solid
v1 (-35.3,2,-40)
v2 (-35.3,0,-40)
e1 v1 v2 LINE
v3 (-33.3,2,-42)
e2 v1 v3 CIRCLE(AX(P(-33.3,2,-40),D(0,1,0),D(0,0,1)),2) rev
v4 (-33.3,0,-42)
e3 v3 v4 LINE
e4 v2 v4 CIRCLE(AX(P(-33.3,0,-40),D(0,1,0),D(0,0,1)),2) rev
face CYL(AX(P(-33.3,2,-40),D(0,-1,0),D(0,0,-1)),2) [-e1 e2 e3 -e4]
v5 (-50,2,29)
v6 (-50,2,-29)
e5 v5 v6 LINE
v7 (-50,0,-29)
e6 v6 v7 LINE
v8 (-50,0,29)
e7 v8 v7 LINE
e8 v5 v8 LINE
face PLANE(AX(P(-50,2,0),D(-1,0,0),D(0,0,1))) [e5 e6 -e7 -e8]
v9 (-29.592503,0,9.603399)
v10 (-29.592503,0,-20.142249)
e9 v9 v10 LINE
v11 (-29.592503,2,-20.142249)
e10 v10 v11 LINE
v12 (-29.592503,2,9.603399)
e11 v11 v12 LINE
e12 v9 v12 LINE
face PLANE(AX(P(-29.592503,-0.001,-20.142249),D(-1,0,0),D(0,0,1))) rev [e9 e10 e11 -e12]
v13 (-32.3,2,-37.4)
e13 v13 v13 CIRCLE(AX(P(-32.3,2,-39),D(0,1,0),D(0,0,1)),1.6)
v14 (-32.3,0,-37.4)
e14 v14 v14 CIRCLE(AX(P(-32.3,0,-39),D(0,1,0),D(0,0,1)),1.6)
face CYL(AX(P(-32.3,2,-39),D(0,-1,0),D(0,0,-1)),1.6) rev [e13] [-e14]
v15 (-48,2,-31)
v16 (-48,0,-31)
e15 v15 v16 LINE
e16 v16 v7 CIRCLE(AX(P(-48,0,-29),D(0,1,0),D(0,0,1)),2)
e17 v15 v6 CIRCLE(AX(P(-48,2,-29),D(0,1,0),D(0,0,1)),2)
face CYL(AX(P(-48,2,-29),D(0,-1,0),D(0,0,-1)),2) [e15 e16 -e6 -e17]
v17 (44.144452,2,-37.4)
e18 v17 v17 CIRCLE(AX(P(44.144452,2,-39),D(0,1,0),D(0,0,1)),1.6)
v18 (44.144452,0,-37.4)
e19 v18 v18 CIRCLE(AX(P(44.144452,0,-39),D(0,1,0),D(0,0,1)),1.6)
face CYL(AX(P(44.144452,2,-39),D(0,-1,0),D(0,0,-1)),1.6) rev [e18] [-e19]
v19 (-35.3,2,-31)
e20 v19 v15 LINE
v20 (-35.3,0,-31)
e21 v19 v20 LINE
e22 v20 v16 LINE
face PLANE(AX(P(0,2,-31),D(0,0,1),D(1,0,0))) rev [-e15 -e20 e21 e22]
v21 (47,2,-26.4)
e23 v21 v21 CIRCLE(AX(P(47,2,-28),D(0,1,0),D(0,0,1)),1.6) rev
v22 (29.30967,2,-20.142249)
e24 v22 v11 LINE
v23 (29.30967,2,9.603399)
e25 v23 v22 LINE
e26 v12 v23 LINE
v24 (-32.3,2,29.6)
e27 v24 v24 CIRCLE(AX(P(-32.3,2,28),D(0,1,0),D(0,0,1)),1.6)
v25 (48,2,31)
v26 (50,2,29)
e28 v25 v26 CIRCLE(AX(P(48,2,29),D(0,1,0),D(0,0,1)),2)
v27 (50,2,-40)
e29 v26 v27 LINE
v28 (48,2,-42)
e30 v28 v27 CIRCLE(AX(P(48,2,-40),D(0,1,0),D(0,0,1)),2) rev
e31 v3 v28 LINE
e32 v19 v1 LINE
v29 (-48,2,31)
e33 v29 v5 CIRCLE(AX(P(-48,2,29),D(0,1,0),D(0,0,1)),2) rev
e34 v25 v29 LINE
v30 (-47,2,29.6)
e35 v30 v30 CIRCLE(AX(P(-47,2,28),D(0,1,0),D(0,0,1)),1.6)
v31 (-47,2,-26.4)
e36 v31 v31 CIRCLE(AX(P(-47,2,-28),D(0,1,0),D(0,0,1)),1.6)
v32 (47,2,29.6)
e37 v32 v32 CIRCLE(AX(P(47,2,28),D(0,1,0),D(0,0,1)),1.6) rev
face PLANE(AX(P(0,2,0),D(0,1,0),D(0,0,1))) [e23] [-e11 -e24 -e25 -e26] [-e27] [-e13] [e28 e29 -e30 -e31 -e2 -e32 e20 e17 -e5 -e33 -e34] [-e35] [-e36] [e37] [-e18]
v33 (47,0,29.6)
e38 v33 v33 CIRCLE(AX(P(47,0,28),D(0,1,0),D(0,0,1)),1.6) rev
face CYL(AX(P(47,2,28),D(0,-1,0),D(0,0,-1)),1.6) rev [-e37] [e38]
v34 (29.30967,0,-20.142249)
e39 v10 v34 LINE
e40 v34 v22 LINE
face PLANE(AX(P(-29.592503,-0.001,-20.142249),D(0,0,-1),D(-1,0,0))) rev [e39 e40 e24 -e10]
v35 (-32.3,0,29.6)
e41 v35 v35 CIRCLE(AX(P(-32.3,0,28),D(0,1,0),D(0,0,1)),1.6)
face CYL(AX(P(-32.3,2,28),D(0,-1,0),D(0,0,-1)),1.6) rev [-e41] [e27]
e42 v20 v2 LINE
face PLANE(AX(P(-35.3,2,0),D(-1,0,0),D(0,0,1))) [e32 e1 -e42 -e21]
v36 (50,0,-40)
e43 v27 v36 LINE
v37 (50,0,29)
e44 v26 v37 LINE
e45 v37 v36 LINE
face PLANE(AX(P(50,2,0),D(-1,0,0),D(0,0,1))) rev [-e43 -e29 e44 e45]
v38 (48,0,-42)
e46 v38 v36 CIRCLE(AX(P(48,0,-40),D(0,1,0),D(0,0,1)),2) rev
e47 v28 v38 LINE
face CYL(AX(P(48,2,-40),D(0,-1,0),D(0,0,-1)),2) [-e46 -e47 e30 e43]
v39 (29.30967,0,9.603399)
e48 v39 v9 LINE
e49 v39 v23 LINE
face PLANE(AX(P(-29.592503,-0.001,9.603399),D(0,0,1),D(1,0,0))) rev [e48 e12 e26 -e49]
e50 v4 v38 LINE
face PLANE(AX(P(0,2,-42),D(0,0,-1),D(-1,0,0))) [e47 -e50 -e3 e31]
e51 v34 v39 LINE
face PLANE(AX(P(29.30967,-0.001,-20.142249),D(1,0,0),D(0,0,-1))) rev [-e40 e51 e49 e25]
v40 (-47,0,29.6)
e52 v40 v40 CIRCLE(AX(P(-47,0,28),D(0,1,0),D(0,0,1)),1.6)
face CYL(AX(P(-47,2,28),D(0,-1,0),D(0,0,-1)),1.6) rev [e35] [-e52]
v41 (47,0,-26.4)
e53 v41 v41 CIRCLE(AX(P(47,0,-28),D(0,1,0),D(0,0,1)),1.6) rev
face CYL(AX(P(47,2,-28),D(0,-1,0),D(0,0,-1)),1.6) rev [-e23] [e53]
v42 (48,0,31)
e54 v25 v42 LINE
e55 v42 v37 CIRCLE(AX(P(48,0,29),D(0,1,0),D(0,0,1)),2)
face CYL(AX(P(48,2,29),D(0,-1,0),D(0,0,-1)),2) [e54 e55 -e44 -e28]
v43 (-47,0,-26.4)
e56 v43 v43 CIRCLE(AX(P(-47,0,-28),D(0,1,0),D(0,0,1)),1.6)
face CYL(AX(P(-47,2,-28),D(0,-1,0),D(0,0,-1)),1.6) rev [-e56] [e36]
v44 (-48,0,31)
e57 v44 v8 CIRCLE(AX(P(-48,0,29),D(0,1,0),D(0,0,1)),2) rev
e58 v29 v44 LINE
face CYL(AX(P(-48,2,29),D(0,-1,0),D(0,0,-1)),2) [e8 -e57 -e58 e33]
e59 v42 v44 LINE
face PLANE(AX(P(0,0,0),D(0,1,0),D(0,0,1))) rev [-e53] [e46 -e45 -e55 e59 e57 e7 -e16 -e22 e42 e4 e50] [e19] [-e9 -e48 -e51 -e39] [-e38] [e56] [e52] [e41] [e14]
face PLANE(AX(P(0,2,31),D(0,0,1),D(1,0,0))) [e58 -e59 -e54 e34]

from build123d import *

# Parameters (mm, degrees)
SKETCH_1_R          = 1.6
EXTRUDE_1_DEPTH     = 2
CUT_EXTRUDE_1_REACH = 67.33
SKETCH_2_W          = 58.902173398
SKETCH_2_H          = 29.745647313


with BuildPart() as part:
    # 草图1 → 凸台-拉伸1 (new body)
    # profile 1 of 3: a face of its own
    with BuildSketch(Plane(origin=(0, 0, 0), x_dir=(1, 0, 0), z_dir=(0, 1, 0))):
        with BuildLine():
            Line((-35.3, -31), (48, -31))
            ThreePointArc((48, -31), (49.414213562, -30.414213562), (50, -29))
            Line((50, -29), (50, 29))
            ThreePointArc((50, 29), (49.414213562, 30.414213562), (48, 31))
            Line((48, 31), (-35.3, 31))
            Line((-35.3, 31), (-35.3, -31))
        make_face()
        with Locations(Location((-32.3, -28, 0), (0, 0, 270))):
            Circle(SKETCH_1_R, mode=Mode.SUBTRACT)
        with Locations(Location((47, -28, 0), (0, 0, 270))):
            Circle(SKETCH_1_R, mode=Mode.SUBTRACT)
        with Locations(Location((47, 28, 0), (0, 0, 270))):
            Circle(SKETCH_1_R, mode=Mode.SUBTRACT)
    # profile 2 of 3: a face of its own
    with BuildSketch(Plane(origin=(0, 0, 0), x_dir=(1, 0, 0), z_dir=(0, 1, 0))):
        with BuildLine():
            Line((-48, -31), (-35.3, -31))
            Line((-35.3, -31), (-35.3, 31))
            Line((-35.3, 31), (-48, 31))
            ThreePointArc((-48, 31), (-49.414213562, 30.414213562), (-50, 29))
            Line((-50, 29), (-50, -29))
            ThreePointArc((-50, -29), (-49.414213562, -30.414213562), (-48, -31))
        make_face()
        with Locations(Location((-47, -28, 0), (0, 0, 270))):
            Circle(SKETCH_1_R, mode=Mode.SUBTRACT)
        with Locations(Location((-47, 28, 0), (0, 0, 270))):
            Circle(SKETCH_1_R, mode=Mode.SUBTRACT)
    # profile 3 of 3: a face of its own
    with BuildSketch(Plane(origin=(0, 0, 0), x_dir=(1, 0, 0), z_dir=(0, 1, 0))):
        with BuildLine():
            Line((-35.3, 40), (-35.3, 31))
            Line((-35.3, 31), (48, 31))
            ThreePointArc((48, 31), (49.414213562, 30.414213562), (50, 29))
            Line((50, 29), (50, 40))
            ThreePointArc((50, 40), (49.414213562, 41.414213562), (48, 42))
            Line((48, 42), (-33.3, 42))
            ThreePointArc((-33.3, 42), (-34.714213562, 41.414213562), (-35.3, 40))
        make_face()
        with Locations(Location((-32.3, 39, 0), (0, 0, 270))):
            Circle(SKETCH_1_R, mode=Mode.SUBTRACT)
        with Locations(Location((44.144452232, 39, 0), (0, 0, 270))):
            Circle(SKETCH_1_R, mode=Mode.SUBTRACT)
    extrude(amount=EXTRUDE_1_DEPTH)

    # 草图2 → 切除-拉伸1 (cut, up to next)
    with BuildSketch(Plane(origin=(0, 2, 0), x_dir=(1, 0, 0), z_dir=(0, 1, 0)), mode=Mode.PRIVATE) as cut_extrude_1_sk1:
        with Locations((-0.141416386, 5.269425073)):
            Rectangle(SKETCH_2_W, SKETCH_2_H)
    cut_extrude_1_tool1 = extrude(cut_extrude_1_sk1.sketch, amount=-CUT_EXTRUDE_1_REACH, mode=Mode.PRIVATE) & part.part
    add(cut_extrude_1_tool1.solids().sort_by_distance((-0.141416, 2, -5.269425))[0], mode=Mode.SUBTRACT)


solid = part.part
